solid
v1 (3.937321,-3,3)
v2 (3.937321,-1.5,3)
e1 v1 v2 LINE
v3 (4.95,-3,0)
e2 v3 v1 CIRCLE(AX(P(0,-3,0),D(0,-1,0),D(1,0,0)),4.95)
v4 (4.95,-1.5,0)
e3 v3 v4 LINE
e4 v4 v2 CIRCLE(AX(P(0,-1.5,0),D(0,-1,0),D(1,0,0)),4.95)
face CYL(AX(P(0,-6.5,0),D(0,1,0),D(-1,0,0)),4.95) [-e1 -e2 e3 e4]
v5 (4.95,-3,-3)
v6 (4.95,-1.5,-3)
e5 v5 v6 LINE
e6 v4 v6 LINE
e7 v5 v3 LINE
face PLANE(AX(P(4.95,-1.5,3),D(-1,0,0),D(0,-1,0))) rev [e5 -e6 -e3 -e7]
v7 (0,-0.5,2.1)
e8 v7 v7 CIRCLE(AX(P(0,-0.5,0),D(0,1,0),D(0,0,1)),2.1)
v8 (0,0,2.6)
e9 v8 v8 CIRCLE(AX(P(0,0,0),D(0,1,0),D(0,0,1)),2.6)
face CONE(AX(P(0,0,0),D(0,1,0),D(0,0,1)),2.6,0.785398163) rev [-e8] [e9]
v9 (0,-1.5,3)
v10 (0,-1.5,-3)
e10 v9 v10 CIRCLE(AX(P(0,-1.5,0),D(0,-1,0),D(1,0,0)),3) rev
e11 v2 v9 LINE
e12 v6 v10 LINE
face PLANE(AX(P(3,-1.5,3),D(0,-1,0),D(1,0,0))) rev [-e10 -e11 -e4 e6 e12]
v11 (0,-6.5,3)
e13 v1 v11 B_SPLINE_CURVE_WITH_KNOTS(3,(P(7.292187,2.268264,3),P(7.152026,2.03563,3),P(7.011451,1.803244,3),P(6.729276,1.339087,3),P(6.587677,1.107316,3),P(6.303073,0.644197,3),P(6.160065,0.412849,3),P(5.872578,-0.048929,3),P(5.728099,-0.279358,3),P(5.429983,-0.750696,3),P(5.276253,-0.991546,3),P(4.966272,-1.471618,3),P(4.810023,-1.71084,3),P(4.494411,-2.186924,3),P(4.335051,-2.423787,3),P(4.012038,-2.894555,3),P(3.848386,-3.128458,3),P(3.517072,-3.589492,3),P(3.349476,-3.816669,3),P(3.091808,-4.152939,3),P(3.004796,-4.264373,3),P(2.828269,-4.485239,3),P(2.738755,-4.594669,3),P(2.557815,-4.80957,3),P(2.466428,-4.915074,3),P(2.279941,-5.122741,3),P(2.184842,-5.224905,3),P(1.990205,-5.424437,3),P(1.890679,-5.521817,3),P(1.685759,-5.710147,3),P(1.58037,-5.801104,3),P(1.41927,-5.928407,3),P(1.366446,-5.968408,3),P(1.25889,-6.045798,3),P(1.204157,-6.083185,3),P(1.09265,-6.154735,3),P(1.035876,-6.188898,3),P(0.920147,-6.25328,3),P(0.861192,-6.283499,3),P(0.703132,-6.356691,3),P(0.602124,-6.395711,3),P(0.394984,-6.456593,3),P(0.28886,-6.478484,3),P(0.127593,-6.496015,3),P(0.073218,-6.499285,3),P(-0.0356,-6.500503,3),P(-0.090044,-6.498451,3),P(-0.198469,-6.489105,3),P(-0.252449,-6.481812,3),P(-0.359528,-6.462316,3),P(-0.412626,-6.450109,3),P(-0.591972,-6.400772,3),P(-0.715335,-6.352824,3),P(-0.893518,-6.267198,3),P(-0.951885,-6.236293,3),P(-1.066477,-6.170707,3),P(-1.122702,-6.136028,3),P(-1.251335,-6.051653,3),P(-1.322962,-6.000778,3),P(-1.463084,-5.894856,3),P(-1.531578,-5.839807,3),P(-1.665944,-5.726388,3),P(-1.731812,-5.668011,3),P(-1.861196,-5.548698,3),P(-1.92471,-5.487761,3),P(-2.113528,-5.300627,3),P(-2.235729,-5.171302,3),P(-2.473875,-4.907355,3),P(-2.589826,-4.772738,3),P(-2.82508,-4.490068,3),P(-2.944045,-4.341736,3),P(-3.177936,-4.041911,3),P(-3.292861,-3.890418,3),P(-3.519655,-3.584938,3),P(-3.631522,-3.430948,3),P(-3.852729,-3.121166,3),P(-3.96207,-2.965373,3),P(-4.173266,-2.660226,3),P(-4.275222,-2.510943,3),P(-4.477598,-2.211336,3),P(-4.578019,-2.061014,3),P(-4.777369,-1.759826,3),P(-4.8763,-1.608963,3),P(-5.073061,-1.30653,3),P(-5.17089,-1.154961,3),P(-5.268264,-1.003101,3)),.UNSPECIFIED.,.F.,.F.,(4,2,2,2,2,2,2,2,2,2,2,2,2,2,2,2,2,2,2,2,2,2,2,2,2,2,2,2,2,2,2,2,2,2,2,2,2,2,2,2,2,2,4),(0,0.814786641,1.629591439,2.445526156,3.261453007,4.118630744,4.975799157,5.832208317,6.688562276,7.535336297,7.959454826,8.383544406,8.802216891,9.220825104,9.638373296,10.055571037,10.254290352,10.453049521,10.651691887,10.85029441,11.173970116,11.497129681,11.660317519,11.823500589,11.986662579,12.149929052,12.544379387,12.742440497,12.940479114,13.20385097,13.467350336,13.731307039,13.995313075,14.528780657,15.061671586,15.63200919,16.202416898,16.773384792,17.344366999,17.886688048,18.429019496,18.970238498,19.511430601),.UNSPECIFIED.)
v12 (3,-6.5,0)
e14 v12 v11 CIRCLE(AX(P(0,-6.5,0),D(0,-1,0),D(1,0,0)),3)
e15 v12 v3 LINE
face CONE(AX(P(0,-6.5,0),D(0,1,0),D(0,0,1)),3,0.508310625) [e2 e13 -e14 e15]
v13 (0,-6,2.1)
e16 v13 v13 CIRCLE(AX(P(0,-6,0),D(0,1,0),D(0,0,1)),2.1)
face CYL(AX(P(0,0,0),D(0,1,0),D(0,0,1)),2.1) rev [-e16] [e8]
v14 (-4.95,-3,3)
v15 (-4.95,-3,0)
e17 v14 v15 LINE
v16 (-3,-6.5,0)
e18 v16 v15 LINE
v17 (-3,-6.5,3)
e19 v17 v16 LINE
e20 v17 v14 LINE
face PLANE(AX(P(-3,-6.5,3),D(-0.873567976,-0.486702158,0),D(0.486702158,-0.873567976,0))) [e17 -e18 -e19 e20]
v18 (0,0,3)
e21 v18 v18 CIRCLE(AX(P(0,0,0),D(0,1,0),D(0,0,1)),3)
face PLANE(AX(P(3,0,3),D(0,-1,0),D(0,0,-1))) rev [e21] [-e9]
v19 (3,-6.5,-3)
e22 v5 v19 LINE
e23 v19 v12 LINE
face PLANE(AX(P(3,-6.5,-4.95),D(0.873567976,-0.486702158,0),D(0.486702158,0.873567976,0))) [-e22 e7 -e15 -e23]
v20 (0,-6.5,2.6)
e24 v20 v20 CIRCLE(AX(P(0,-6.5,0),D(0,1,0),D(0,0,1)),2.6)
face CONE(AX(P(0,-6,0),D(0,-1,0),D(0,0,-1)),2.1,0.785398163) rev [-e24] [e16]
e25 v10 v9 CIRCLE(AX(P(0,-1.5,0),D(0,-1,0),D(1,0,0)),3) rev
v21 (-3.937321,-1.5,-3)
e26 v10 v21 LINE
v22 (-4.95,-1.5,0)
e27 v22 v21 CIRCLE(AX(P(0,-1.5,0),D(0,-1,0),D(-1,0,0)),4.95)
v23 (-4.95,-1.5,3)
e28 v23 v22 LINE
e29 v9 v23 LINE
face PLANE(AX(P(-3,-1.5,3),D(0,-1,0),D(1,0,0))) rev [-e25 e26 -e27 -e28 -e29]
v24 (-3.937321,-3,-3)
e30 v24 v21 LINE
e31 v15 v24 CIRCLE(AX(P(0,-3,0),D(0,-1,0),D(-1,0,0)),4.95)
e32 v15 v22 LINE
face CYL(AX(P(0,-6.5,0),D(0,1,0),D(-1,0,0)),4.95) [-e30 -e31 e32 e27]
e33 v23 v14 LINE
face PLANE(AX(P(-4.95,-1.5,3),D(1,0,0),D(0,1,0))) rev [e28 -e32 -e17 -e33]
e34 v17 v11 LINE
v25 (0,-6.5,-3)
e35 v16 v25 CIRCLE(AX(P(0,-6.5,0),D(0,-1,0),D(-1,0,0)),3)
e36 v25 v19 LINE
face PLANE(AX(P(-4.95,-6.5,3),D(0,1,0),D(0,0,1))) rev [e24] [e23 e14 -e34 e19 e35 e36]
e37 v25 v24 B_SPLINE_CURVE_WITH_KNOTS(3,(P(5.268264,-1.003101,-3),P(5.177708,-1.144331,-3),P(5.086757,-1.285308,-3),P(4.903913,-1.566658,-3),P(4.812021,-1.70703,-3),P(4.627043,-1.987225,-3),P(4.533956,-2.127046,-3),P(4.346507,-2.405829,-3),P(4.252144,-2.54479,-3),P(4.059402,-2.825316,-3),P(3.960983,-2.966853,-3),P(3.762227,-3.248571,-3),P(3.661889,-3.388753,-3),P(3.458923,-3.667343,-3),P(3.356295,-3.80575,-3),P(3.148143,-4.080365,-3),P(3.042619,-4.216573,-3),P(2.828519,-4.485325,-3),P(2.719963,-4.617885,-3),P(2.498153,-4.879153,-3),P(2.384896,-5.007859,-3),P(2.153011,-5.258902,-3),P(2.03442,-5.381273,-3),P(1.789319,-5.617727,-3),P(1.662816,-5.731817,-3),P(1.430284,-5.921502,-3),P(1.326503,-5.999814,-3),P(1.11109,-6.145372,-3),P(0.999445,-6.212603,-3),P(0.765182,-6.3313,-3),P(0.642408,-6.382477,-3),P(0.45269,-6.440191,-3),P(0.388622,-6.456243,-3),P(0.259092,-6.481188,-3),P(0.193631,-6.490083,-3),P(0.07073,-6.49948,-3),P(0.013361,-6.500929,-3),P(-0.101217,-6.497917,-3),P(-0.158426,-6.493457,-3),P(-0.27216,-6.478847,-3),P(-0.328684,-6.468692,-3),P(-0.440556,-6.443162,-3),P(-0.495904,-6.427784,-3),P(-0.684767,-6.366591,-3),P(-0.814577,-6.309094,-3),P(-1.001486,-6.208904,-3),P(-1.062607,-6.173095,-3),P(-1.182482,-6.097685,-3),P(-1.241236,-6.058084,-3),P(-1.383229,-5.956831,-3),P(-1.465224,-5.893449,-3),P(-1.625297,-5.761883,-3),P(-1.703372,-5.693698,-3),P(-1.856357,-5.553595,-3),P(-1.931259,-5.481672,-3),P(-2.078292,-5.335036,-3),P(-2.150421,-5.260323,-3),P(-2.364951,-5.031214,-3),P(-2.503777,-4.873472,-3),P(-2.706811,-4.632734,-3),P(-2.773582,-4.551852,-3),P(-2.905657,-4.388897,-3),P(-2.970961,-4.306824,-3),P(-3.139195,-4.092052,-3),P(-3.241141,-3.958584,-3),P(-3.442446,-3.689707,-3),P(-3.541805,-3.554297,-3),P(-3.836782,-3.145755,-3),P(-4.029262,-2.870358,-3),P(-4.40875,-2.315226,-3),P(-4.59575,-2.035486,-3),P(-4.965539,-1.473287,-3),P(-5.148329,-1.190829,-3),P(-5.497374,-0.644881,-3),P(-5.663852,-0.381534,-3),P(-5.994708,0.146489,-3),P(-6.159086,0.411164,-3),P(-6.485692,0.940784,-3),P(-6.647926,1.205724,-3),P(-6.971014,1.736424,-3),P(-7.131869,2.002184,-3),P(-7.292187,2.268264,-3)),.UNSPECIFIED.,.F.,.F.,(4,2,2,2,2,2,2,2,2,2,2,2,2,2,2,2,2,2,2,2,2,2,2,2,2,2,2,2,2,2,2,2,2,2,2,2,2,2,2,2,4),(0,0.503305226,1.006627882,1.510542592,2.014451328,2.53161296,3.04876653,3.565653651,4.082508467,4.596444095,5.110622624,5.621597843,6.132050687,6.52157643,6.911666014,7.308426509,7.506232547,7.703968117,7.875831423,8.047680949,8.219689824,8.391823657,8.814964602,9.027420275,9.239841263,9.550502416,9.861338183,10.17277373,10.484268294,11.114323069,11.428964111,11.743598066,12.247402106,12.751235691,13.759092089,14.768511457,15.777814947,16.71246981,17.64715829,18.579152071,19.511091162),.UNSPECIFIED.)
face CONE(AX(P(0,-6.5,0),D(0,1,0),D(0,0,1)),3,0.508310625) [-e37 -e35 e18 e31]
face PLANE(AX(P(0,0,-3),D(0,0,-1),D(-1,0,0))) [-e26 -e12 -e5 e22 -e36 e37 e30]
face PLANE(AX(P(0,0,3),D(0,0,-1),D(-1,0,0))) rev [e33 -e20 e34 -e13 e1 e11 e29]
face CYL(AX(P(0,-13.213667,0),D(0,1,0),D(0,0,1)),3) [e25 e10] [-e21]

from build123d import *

# Parameters (mm, degrees)
EXTRUDE_1_DEPTH     = 3
SKETCH_4_OUTSIDE_W  = 14.556
SKETCH_4_OUTSIDE_H  = 10.656
SKETCH_4_OUTSIDE_R  = 3
CUT_EXTRUDE_1_DEPTH = 1.5
CUT_EXTRUDE_2_DEPTH = 6


with BuildPart() as part:
    # Эскиз1 → Бобышка-Вытянуть1 (new body, symmetric)
    with BuildSketch(Plane.XY):
        Polygon((3, 0), (-3, 0), (-3, -1.5), (-4.95, -1.5), (-4.95, -6.5), (4.95, -6.5), (4.95, -1.5), (3, -1.5), align=None)
    extrude(amount=EXTRUDE_1_DEPTH, both=True)

    # Эскиз3 → Отверстие обработанное метчиком M51 (revolve, cut)
    with BuildSketch(Plane(origin=(0, 0, 0), x_dir=(0, 0, 1), z_dir=(1, 0, 0))):
        Polygon((0, 0), (0, 6.5), (2.6, 6.5), (2.1, 6), (2.1, 0.5), (2.6, 0), align=None)
    revolve(axis=Axis((0, 6.35, 0), (0, -1, 0)), mode=Mode.SUBTRACT)

    # Эскиз4 outside → Вырез-Вытянуть1 (cut)
    with BuildSketch(Plane(origin=(0, 0, 0), x_dir=(1, 0, 0), z_dir=(0, 1, 0))):
        Rectangle(SKETCH_4_OUTSIDE_W, SKETCH_4_OUTSIDE_H)
        with Locations(Location((0, 0, 0), (0, 0, 270))):  # turned: the seam where the file's is
            Circle(SKETCH_4_OUTSIDE_R, mode=Mode.SUBTRACT)
    extrude(amount=-CUT_EXTRUDE_1_DEPTH, mode=Mode.SUBTRACT)

    # Эскиз5 → Вырез-Вытянуть2 (cut, through all)
    with BuildSketch(Plane(origin=(0, -1.5, 0), x_dir=(1, 0, 0), z_dir=(0, 1, 0))):
        with BuildLine():
            Line((-4.95, 0), (-4.95, 3))
            Line((-4.95, 3), (-3.937321425, 3))
            ThreePointArc((-3.937321425, 3), (-4.690002188, 1.583154912), (-4.95, 0))
        make_face()
        with BuildLine():
            Line((4.95, 0), (4.95, -3))
            Line((4.95, -3), (3.937321425, -3))
            ThreePointArc((3.937321425, -3), (4.690002188, -1.583154912), (4.95, 0))
        make_face()
    extrude(amount=-CUT_EXTRUDE_2_DEPTH, mode=Mode.SUBTRACT)

    # Вырез-По траектории1: sweep along a path in Эскиз7
    with BuildLine(Plane.XZ.offset(6.5)) as sweep_1_path:
        Line((0, 4.95), (-4.95, 4.95))
        Line((-4.95, 4.95), (-4.95, 0))
        ThreePointArc((-4.95, 0), (-3.500178567, -3.500178567), (0, -4.95))
        Line((0, -4.95), (4.95, -4.95))
        Line((4.95, -4.95), (4.95, 0))
        ThreePointArc((4.95, 0), (3.500178567, 3.500178567), (0, 4.95))
    # Эскиз6 → Вырез-По траектории1 (sweep, cut)
    with BuildSketch(Plane.XY.offset(3)):
        Polygon((-4.95, -3), (-4.95, -6.5), (-3, -6.5), align=None)
    sweep(path=sweep_1_path.line, transition=Transition.RIGHT, mode=Mode.SUBTRACT)


solid = part.part
